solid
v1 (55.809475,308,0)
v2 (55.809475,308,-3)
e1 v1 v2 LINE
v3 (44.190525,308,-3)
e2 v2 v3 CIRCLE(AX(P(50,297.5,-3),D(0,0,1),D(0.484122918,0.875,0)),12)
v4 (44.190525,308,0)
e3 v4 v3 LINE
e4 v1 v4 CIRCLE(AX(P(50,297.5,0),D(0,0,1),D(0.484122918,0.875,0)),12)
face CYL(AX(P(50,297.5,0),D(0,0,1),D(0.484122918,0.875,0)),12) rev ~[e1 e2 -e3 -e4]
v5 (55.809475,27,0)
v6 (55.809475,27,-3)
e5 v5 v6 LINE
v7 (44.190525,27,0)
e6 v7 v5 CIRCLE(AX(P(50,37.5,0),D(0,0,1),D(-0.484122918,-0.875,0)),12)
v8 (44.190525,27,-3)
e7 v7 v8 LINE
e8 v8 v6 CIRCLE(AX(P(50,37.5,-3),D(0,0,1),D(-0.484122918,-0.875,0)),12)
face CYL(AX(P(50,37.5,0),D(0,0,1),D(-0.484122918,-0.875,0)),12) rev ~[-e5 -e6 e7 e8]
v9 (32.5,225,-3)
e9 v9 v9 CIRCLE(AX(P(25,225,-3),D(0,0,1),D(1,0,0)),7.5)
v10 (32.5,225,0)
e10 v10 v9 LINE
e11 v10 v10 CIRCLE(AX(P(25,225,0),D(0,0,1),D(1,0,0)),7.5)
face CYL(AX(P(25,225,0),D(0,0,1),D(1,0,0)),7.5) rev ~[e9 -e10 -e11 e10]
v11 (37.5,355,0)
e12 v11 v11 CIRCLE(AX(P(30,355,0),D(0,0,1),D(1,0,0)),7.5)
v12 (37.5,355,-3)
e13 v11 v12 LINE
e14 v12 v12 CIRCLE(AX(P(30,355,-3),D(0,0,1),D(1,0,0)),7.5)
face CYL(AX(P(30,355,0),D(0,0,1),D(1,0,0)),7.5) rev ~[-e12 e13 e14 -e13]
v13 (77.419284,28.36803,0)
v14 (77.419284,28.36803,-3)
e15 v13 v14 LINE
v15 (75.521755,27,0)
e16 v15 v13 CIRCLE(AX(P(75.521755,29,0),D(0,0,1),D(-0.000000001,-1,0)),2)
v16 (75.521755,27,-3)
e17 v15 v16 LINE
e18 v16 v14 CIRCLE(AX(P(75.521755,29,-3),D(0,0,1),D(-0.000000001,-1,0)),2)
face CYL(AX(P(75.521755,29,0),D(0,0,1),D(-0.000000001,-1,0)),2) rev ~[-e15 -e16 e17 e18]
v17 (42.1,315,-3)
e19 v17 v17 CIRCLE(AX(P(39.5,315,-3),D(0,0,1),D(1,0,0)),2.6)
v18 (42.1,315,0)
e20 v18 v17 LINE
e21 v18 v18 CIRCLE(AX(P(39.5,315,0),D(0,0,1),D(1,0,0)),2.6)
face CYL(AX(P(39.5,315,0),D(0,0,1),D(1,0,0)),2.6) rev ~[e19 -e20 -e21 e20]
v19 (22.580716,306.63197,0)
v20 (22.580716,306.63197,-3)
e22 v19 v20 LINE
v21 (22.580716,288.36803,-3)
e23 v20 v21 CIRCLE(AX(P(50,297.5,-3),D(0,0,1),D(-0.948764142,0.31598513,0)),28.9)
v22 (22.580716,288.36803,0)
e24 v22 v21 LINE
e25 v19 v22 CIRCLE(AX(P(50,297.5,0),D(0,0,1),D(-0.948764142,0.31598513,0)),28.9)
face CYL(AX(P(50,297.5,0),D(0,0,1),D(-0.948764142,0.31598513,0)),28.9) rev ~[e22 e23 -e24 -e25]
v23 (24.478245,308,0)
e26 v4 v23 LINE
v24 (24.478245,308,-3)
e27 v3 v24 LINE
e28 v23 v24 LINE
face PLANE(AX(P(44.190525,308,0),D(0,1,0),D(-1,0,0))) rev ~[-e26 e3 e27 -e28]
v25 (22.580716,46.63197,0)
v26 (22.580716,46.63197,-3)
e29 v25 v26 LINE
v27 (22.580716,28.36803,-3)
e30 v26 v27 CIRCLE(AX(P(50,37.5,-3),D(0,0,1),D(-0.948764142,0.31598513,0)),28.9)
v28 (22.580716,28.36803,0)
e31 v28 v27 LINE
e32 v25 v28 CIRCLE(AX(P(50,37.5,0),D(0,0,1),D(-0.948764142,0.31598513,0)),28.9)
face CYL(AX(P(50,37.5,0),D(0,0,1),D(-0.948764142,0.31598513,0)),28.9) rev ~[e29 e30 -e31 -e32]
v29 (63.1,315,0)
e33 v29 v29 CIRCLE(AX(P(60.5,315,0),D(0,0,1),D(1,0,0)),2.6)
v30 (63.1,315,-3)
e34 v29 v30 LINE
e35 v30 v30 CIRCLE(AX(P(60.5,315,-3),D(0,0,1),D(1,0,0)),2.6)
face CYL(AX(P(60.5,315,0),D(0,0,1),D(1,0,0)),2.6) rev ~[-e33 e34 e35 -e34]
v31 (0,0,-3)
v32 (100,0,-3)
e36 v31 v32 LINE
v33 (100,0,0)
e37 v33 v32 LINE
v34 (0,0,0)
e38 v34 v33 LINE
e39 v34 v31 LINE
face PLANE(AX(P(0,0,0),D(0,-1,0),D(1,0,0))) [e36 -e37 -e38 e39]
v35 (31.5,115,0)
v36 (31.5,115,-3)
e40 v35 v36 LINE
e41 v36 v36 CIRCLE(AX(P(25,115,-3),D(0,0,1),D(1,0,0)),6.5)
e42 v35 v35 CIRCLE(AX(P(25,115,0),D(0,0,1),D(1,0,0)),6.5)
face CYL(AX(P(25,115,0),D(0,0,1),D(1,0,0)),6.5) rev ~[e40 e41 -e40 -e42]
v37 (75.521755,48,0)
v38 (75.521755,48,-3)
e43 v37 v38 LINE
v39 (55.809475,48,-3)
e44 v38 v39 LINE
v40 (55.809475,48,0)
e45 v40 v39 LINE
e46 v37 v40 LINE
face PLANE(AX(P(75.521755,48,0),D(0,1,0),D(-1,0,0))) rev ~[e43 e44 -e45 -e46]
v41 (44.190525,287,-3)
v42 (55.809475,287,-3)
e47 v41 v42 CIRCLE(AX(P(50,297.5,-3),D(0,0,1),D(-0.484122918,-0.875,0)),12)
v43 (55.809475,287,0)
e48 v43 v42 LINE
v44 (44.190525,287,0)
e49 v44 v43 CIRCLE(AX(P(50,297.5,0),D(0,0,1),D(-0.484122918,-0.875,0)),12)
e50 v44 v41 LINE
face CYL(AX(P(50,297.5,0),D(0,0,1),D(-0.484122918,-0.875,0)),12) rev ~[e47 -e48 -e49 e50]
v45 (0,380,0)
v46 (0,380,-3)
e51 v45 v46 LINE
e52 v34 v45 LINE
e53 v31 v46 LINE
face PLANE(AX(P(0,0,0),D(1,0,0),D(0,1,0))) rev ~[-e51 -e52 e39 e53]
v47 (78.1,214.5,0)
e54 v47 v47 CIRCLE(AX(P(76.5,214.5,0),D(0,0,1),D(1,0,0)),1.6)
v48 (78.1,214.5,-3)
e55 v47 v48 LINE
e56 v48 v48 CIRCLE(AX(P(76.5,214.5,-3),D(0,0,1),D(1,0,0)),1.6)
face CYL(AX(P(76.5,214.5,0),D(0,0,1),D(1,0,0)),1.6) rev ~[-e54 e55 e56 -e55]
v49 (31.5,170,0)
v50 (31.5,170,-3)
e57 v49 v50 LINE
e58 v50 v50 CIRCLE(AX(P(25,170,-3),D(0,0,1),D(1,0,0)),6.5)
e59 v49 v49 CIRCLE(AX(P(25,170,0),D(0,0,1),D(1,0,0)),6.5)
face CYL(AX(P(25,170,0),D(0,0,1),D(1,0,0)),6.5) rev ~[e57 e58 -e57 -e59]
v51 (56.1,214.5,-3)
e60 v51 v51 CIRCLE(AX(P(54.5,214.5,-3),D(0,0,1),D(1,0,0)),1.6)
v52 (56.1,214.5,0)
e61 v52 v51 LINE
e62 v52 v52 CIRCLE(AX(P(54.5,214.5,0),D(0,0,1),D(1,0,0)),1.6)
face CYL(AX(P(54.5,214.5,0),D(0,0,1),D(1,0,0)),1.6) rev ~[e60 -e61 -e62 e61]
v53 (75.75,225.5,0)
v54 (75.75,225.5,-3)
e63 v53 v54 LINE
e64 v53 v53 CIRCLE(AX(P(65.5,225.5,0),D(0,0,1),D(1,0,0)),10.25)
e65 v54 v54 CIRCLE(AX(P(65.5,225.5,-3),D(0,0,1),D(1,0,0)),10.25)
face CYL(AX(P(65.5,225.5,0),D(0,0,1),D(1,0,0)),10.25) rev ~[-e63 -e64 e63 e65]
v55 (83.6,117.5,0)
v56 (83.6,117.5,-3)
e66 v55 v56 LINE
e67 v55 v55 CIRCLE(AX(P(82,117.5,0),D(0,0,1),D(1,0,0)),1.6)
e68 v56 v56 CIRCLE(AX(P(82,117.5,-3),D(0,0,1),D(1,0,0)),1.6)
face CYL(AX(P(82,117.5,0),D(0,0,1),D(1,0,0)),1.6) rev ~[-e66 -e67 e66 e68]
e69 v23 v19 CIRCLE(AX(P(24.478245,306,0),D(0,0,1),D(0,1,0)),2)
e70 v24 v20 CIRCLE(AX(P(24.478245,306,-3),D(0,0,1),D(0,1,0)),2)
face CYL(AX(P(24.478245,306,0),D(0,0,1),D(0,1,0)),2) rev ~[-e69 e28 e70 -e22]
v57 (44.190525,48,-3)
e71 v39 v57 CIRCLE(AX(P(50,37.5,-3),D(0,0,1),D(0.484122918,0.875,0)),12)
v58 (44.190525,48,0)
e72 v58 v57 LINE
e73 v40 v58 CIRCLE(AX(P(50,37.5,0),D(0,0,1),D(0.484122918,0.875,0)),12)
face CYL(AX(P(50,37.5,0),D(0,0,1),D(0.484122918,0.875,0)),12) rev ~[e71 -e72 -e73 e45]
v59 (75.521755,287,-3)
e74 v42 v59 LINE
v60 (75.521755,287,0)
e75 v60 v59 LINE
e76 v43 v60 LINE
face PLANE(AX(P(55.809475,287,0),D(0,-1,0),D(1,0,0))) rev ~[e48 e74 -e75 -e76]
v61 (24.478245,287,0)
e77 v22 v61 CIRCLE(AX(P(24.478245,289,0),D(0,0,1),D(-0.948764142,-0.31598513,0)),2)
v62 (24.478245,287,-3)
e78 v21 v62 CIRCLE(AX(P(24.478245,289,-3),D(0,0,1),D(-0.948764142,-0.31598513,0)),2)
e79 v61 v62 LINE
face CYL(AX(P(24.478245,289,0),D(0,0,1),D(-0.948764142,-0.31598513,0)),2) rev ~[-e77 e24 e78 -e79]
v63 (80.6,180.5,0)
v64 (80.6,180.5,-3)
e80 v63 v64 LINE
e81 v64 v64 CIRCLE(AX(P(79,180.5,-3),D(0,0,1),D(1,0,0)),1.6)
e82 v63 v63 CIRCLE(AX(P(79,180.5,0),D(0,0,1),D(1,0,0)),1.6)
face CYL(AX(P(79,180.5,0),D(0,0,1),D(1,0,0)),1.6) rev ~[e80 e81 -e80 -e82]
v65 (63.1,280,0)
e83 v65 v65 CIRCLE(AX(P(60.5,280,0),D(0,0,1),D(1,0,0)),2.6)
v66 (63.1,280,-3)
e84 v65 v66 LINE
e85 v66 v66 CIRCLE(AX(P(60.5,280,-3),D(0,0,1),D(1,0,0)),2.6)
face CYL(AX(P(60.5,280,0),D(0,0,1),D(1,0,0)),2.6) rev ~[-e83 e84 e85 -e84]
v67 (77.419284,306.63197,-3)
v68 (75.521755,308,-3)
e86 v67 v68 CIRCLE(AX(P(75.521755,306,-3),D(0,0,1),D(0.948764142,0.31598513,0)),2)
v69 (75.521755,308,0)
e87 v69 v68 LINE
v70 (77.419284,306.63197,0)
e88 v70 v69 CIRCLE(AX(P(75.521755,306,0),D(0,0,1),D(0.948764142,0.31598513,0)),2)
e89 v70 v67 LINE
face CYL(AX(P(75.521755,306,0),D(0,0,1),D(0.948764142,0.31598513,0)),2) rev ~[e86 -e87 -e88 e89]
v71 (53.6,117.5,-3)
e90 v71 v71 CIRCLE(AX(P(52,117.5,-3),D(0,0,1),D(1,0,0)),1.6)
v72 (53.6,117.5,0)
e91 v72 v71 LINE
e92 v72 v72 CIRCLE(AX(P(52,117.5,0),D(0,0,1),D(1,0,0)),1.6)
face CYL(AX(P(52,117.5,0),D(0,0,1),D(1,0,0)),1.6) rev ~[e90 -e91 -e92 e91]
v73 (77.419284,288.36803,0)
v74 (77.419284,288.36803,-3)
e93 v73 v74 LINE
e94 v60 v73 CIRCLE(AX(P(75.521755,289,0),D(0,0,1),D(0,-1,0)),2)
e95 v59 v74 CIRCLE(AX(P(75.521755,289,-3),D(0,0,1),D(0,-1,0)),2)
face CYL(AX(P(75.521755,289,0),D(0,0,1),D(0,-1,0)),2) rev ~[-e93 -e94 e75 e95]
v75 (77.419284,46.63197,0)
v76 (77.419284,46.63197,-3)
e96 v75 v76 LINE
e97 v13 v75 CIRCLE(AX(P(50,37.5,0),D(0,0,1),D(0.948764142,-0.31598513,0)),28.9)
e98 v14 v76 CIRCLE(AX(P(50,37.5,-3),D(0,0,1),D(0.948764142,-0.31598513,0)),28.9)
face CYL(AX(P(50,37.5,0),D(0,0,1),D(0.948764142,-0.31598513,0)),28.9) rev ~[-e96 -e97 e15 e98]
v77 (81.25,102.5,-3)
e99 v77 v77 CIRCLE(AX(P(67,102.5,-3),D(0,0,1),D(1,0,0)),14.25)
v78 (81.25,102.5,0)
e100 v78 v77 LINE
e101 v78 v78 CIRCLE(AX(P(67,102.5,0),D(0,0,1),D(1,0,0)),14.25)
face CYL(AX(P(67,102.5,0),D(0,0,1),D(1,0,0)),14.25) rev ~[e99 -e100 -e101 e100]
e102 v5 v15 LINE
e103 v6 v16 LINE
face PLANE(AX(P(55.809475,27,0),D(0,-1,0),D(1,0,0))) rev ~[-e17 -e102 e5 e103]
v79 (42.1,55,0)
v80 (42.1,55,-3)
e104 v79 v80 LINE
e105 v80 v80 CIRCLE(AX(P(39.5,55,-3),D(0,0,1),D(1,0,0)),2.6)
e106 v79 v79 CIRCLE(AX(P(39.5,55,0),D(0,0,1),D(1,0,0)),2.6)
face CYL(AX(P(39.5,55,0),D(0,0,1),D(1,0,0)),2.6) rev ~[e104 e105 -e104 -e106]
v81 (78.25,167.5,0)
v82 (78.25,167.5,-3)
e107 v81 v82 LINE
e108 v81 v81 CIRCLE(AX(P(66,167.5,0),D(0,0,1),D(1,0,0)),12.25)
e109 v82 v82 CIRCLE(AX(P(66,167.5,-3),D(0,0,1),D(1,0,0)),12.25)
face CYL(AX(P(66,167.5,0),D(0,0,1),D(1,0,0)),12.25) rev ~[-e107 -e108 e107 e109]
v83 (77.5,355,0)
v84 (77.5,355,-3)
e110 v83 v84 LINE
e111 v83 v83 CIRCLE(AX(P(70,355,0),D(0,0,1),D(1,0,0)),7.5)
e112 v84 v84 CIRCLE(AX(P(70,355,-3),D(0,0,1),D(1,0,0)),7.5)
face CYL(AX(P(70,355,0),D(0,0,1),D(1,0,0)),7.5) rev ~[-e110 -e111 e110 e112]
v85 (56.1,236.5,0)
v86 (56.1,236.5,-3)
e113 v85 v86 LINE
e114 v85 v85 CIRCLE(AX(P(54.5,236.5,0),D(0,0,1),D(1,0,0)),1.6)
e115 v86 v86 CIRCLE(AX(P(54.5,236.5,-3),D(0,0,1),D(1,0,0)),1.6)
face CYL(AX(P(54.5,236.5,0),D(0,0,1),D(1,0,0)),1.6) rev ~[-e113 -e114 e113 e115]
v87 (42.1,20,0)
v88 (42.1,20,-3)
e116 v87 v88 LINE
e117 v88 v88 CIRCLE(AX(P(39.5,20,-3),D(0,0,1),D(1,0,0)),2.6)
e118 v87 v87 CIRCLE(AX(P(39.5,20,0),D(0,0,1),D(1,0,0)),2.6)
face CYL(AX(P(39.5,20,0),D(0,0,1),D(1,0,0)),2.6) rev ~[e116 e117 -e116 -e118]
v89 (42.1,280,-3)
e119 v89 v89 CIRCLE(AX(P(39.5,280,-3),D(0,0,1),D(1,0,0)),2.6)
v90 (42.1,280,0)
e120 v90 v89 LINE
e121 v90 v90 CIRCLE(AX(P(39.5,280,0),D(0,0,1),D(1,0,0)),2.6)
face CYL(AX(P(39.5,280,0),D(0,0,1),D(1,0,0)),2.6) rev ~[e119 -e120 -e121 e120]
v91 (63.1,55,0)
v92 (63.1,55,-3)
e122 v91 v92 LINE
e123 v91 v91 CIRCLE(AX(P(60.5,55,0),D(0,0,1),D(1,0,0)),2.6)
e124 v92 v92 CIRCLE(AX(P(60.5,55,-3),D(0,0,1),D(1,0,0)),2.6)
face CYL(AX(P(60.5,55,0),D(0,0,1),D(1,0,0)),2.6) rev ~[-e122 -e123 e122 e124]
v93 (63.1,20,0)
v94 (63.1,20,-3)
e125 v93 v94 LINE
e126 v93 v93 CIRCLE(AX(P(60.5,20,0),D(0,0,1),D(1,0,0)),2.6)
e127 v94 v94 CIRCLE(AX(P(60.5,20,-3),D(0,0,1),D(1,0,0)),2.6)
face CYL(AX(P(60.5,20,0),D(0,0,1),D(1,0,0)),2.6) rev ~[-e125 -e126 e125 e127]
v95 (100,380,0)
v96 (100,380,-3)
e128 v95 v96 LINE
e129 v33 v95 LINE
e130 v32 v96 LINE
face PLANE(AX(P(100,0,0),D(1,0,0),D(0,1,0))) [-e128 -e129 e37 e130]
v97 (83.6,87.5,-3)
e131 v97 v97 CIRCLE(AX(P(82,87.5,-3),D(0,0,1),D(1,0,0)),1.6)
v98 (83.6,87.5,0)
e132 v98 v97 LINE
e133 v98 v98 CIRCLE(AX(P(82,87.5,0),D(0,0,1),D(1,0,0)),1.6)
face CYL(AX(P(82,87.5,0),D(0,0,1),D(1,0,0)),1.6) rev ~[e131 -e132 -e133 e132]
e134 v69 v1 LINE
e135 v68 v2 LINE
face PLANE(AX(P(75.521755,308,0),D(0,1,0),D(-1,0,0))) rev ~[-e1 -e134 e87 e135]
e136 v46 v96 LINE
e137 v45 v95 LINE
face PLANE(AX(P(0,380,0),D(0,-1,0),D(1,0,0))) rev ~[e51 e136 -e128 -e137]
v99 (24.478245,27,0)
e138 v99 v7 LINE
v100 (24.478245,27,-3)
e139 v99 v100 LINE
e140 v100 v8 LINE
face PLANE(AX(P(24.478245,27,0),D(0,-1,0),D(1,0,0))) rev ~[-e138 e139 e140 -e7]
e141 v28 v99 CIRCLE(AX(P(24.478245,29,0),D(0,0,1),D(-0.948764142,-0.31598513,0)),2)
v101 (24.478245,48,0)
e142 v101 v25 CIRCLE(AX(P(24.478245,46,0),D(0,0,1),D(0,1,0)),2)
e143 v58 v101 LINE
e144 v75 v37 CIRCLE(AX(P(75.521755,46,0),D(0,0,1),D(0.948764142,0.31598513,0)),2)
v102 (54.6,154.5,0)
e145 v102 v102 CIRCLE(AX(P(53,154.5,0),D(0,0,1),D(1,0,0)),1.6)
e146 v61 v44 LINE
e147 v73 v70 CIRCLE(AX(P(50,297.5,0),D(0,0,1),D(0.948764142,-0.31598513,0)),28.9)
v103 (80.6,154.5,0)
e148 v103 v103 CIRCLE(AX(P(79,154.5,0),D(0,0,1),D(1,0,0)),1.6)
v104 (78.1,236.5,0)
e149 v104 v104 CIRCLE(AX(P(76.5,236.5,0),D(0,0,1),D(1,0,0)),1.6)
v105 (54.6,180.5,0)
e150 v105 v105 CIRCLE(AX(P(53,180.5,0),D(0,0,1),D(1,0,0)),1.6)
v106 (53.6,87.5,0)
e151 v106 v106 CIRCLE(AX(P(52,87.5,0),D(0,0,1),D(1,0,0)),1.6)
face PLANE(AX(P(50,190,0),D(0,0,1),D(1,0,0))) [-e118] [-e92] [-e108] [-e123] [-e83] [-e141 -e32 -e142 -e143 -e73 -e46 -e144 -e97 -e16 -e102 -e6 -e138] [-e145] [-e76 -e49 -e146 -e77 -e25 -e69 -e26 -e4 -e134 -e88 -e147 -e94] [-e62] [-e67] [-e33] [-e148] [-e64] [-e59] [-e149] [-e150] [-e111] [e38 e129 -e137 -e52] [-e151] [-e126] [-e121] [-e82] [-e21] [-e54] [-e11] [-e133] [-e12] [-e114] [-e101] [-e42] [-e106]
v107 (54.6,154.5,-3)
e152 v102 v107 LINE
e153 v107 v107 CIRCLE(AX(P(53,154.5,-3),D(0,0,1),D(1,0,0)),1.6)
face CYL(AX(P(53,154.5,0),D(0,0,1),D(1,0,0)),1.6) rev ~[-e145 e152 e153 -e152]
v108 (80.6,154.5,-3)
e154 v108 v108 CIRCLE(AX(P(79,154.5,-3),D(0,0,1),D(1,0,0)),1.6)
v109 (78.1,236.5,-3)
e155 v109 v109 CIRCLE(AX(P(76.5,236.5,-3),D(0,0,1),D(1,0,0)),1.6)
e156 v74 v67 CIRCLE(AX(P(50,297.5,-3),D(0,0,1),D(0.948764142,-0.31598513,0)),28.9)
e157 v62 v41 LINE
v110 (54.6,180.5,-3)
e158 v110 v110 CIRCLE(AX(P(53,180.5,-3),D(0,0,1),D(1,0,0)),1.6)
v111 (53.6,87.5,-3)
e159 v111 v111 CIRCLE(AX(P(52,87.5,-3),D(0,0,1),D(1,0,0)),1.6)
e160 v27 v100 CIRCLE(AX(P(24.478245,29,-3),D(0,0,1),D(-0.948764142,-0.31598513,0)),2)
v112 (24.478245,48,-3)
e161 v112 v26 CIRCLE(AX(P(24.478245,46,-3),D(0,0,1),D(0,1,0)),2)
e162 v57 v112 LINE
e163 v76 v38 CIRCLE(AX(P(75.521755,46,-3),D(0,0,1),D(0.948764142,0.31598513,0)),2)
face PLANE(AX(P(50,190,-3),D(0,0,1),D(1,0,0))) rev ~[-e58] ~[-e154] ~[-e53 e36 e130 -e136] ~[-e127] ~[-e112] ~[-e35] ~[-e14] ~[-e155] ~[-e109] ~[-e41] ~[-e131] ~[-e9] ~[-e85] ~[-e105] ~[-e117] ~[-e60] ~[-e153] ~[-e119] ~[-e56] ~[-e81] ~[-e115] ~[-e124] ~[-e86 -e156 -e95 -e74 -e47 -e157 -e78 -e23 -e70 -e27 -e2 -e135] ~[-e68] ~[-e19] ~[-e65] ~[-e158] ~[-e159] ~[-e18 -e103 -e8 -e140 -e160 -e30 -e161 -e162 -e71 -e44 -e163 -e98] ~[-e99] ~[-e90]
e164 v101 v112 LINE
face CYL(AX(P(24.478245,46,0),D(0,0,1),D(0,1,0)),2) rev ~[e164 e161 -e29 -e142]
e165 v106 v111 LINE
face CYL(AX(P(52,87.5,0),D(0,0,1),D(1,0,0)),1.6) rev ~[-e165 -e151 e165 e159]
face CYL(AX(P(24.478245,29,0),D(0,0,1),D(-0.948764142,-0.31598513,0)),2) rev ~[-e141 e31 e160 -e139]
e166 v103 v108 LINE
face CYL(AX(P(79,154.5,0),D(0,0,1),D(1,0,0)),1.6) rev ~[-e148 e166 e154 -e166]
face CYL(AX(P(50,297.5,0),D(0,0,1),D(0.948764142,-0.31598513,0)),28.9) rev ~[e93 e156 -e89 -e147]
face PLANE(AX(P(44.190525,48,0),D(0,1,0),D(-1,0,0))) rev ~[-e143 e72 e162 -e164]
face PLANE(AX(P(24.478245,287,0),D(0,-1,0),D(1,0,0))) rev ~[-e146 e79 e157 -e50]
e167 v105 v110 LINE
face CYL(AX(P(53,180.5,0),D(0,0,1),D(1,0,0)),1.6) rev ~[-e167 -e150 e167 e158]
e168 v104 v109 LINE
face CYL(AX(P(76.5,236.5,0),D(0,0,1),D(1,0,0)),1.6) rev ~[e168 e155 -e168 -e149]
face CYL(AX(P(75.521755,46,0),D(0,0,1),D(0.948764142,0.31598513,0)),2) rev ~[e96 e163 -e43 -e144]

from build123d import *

# Parameters (mm, degrees)
SKETCH1_W           = 100
SKETCH1_H           = 380
BOSS_EXTRUDE1_DEPTH = 3
SKETCH1_3_R         = 6.5
SKETCH1_3_R_2       = 7.5
SKETCH1_3_R_3       = 2.6
SKETCH1_3_R_4       = 1.6
SKETCH1_3_R_5       = 14.25
SKETCH1_3_R_6       = 12.25
SKETCH1_3_R_7       = 10.25
CUT_EXTRUDE1_DEPTH  = 3


with BuildPart() as part:
    # Sketch1 → Boss-Extrude1 (new body)
    with BuildSketch(Plane.XY):
        with Locations((50, 190)):
            Rectangle(SKETCH1_W, SKETCH1_H)
    extrude(amount=-BOSS_EXTRUDE1_DEPTH)

    # Sketch1<3> → Cut-Extrude1 (cut)
    with BuildSketch(Plane.XY):
        with Locations((25, 170)):
            Circle(SKETCH1_3_R)
        with Locations((25, 115)):
            Circle(SKETCH1_3_R)
        with Locations((25, 225)):
            Circle(SKETCH1_3_R_2)
        with Locations((70, 355)):
            Circle(SKETCH1_3_R_2)
        with Locations((30, 355)):
            Circle(SKETCH1_3_R_2)
        with Locations((39.5, 20)):
            Circle(SKETCH1_3_R_3)
        with Locations((60.5, 20)):
            Circle(SKETCH1_3_R_3)
        with Locations((39.5, 55)):
            Circle(SKETCH1_3_R_3)
        with Locations((60.5, 55)):
            Circle(SKETCH1_3_R_3)
        with Locations((39.5, 280)):
            Circle(SKETCH1_3_R_3)
        with Locations((60.5, 280)):
            Circle(SKETCH1_3_R_3)
        with Locations((39.5, 315)):
            Circle(SKETCH1_3_R_3)
        with Locations((60.5, 315)):
            Circle(SKETCH1_3_R_3)
        with Locations((52, 117.5)):
            Circle(SKETCH1_3_R_4)
        with Locations((82, 117.5)):
            Circle(SKETCH1_3_R_4)
        with Locations((52, 87.5)):
            Circle(SKETCH1_3_R_4)
        with Locations((82, 87.5)):
            Circle(SKETCH1_3_R_4)
        with Locations((67, 102.5)):
            Circle(SKETCH1_3_R_5)
        with Locations((66, 167.5)):
            Circle(SKETCH1_3_R_6)
        with Locations((53, 180.5)):
            Circle(SKETCH1_3_R_4)
        with Locations((79, 180.5)):
            Circle(SKETCH1_3_R_4)
        with Locations((79, 154.5)):
            Circle(SKETCH1_3_R_4)
        with Locations((53, 154.5)):
            Circle(SKETCH1_3_R_4)
        with Locations((65.5, 225.5)):
            Circle(SKETCH1_3_R_7)
        with Locations((54.5, 236.5)):
            Circle(SKETCH1_3_R_4)
        with Locations((76.5, 236.5)):
            Circle(SKETCH1_3_R_4)
        with Locations((54.5, 214.5)):
            Circle(SKETCH1_3_R_4)
        with Locations((76.5, 214.5)):
            Circle(SKETCH1_3_R_4)
        with BuildLine():
            Line((44.190524981, 48), (24.478244574, 48))
            ThreePointArc((24.478244574, 48), (23.30861654, 47.622334818), (22.58071629, 46.63197026))
            ThreePointArc((22.58071629, 46.63197026), (21.1, 37.5), (22.58071629, 28.36802974))
            ThreePointArc((22.58071629, 28.36802974), (23.30861654, 27.377665182), (24.478244574, 27))
            Line((24.478244574, 27), (44.190524981, 27))
            ThreePointArc((44.190524981, 27), (50, 25.5), (55.809475019, 27))
            Line((55.809475019, 27), (75.521755425, 27))
            ThreePointArc((75.521755425, 27), (76.69138346, 27.377665182), (77.41928371, 28.36802974))
            ThreePointArc((77.41928371, 28.36802974), (78.9, 37.5), (77.41928371, 46.63197026))
            ThreePointArc((77.41928371, 46.63197026), (76.69138346, 47.622334818), (75.521755426, 48))
            Line((75.521755426, 48), (55.809475019, 48))
            ThreePointArc((55.809475019, 48), (50, 49.5), (44.190524981, 48))
        make_face()
        with BuildLine():
            Line((44.190524981, 308), (24.478244574, 308))
            ThreePointArc((24.478244574, 308), (23.30861654, 307.622334818), (22.58071629, 306.63197026))
            ThreePointArc((22.58071629, 306.63197026), (21.1, 297.5), (22.58071629, 288.36802974))
            ThreePointArc((22.58071629, 288.36802974), (23.30861654, 287.377665182), (24.478244574, 287))
            Line((24.478244574, 287), (44.190524981, 287))
            ThreePointArc((44.190524981, 287), (50, 285.5), (55.809475019, 287))
            Line((55.809475019, 287), (75.521755426, 287))
            ThreePointArc((75.521755426, 287), (76.69138346, 287.377665182), (77.41928371, 288.36802974))
            ThreePointArc((77.41928371, 288.36802974), (78.9, 297.5), (77.41928371, 306.63197026))
            ThreePointArc((77.41928371, 306.63197026), (76.69138346, 307.622334818), (75.521755426, 308))
            Line((75.521755426, 308), (55.809475019, 308))
            ThreePointArc((55.809475019, 308), (50, 309.5), (44.190524981, 308))
        make_face()
    extrude(amount=-CUT_EXTRUDE1_DEPTH, mode=Mode.SUBTRACT)


solid = part.part
